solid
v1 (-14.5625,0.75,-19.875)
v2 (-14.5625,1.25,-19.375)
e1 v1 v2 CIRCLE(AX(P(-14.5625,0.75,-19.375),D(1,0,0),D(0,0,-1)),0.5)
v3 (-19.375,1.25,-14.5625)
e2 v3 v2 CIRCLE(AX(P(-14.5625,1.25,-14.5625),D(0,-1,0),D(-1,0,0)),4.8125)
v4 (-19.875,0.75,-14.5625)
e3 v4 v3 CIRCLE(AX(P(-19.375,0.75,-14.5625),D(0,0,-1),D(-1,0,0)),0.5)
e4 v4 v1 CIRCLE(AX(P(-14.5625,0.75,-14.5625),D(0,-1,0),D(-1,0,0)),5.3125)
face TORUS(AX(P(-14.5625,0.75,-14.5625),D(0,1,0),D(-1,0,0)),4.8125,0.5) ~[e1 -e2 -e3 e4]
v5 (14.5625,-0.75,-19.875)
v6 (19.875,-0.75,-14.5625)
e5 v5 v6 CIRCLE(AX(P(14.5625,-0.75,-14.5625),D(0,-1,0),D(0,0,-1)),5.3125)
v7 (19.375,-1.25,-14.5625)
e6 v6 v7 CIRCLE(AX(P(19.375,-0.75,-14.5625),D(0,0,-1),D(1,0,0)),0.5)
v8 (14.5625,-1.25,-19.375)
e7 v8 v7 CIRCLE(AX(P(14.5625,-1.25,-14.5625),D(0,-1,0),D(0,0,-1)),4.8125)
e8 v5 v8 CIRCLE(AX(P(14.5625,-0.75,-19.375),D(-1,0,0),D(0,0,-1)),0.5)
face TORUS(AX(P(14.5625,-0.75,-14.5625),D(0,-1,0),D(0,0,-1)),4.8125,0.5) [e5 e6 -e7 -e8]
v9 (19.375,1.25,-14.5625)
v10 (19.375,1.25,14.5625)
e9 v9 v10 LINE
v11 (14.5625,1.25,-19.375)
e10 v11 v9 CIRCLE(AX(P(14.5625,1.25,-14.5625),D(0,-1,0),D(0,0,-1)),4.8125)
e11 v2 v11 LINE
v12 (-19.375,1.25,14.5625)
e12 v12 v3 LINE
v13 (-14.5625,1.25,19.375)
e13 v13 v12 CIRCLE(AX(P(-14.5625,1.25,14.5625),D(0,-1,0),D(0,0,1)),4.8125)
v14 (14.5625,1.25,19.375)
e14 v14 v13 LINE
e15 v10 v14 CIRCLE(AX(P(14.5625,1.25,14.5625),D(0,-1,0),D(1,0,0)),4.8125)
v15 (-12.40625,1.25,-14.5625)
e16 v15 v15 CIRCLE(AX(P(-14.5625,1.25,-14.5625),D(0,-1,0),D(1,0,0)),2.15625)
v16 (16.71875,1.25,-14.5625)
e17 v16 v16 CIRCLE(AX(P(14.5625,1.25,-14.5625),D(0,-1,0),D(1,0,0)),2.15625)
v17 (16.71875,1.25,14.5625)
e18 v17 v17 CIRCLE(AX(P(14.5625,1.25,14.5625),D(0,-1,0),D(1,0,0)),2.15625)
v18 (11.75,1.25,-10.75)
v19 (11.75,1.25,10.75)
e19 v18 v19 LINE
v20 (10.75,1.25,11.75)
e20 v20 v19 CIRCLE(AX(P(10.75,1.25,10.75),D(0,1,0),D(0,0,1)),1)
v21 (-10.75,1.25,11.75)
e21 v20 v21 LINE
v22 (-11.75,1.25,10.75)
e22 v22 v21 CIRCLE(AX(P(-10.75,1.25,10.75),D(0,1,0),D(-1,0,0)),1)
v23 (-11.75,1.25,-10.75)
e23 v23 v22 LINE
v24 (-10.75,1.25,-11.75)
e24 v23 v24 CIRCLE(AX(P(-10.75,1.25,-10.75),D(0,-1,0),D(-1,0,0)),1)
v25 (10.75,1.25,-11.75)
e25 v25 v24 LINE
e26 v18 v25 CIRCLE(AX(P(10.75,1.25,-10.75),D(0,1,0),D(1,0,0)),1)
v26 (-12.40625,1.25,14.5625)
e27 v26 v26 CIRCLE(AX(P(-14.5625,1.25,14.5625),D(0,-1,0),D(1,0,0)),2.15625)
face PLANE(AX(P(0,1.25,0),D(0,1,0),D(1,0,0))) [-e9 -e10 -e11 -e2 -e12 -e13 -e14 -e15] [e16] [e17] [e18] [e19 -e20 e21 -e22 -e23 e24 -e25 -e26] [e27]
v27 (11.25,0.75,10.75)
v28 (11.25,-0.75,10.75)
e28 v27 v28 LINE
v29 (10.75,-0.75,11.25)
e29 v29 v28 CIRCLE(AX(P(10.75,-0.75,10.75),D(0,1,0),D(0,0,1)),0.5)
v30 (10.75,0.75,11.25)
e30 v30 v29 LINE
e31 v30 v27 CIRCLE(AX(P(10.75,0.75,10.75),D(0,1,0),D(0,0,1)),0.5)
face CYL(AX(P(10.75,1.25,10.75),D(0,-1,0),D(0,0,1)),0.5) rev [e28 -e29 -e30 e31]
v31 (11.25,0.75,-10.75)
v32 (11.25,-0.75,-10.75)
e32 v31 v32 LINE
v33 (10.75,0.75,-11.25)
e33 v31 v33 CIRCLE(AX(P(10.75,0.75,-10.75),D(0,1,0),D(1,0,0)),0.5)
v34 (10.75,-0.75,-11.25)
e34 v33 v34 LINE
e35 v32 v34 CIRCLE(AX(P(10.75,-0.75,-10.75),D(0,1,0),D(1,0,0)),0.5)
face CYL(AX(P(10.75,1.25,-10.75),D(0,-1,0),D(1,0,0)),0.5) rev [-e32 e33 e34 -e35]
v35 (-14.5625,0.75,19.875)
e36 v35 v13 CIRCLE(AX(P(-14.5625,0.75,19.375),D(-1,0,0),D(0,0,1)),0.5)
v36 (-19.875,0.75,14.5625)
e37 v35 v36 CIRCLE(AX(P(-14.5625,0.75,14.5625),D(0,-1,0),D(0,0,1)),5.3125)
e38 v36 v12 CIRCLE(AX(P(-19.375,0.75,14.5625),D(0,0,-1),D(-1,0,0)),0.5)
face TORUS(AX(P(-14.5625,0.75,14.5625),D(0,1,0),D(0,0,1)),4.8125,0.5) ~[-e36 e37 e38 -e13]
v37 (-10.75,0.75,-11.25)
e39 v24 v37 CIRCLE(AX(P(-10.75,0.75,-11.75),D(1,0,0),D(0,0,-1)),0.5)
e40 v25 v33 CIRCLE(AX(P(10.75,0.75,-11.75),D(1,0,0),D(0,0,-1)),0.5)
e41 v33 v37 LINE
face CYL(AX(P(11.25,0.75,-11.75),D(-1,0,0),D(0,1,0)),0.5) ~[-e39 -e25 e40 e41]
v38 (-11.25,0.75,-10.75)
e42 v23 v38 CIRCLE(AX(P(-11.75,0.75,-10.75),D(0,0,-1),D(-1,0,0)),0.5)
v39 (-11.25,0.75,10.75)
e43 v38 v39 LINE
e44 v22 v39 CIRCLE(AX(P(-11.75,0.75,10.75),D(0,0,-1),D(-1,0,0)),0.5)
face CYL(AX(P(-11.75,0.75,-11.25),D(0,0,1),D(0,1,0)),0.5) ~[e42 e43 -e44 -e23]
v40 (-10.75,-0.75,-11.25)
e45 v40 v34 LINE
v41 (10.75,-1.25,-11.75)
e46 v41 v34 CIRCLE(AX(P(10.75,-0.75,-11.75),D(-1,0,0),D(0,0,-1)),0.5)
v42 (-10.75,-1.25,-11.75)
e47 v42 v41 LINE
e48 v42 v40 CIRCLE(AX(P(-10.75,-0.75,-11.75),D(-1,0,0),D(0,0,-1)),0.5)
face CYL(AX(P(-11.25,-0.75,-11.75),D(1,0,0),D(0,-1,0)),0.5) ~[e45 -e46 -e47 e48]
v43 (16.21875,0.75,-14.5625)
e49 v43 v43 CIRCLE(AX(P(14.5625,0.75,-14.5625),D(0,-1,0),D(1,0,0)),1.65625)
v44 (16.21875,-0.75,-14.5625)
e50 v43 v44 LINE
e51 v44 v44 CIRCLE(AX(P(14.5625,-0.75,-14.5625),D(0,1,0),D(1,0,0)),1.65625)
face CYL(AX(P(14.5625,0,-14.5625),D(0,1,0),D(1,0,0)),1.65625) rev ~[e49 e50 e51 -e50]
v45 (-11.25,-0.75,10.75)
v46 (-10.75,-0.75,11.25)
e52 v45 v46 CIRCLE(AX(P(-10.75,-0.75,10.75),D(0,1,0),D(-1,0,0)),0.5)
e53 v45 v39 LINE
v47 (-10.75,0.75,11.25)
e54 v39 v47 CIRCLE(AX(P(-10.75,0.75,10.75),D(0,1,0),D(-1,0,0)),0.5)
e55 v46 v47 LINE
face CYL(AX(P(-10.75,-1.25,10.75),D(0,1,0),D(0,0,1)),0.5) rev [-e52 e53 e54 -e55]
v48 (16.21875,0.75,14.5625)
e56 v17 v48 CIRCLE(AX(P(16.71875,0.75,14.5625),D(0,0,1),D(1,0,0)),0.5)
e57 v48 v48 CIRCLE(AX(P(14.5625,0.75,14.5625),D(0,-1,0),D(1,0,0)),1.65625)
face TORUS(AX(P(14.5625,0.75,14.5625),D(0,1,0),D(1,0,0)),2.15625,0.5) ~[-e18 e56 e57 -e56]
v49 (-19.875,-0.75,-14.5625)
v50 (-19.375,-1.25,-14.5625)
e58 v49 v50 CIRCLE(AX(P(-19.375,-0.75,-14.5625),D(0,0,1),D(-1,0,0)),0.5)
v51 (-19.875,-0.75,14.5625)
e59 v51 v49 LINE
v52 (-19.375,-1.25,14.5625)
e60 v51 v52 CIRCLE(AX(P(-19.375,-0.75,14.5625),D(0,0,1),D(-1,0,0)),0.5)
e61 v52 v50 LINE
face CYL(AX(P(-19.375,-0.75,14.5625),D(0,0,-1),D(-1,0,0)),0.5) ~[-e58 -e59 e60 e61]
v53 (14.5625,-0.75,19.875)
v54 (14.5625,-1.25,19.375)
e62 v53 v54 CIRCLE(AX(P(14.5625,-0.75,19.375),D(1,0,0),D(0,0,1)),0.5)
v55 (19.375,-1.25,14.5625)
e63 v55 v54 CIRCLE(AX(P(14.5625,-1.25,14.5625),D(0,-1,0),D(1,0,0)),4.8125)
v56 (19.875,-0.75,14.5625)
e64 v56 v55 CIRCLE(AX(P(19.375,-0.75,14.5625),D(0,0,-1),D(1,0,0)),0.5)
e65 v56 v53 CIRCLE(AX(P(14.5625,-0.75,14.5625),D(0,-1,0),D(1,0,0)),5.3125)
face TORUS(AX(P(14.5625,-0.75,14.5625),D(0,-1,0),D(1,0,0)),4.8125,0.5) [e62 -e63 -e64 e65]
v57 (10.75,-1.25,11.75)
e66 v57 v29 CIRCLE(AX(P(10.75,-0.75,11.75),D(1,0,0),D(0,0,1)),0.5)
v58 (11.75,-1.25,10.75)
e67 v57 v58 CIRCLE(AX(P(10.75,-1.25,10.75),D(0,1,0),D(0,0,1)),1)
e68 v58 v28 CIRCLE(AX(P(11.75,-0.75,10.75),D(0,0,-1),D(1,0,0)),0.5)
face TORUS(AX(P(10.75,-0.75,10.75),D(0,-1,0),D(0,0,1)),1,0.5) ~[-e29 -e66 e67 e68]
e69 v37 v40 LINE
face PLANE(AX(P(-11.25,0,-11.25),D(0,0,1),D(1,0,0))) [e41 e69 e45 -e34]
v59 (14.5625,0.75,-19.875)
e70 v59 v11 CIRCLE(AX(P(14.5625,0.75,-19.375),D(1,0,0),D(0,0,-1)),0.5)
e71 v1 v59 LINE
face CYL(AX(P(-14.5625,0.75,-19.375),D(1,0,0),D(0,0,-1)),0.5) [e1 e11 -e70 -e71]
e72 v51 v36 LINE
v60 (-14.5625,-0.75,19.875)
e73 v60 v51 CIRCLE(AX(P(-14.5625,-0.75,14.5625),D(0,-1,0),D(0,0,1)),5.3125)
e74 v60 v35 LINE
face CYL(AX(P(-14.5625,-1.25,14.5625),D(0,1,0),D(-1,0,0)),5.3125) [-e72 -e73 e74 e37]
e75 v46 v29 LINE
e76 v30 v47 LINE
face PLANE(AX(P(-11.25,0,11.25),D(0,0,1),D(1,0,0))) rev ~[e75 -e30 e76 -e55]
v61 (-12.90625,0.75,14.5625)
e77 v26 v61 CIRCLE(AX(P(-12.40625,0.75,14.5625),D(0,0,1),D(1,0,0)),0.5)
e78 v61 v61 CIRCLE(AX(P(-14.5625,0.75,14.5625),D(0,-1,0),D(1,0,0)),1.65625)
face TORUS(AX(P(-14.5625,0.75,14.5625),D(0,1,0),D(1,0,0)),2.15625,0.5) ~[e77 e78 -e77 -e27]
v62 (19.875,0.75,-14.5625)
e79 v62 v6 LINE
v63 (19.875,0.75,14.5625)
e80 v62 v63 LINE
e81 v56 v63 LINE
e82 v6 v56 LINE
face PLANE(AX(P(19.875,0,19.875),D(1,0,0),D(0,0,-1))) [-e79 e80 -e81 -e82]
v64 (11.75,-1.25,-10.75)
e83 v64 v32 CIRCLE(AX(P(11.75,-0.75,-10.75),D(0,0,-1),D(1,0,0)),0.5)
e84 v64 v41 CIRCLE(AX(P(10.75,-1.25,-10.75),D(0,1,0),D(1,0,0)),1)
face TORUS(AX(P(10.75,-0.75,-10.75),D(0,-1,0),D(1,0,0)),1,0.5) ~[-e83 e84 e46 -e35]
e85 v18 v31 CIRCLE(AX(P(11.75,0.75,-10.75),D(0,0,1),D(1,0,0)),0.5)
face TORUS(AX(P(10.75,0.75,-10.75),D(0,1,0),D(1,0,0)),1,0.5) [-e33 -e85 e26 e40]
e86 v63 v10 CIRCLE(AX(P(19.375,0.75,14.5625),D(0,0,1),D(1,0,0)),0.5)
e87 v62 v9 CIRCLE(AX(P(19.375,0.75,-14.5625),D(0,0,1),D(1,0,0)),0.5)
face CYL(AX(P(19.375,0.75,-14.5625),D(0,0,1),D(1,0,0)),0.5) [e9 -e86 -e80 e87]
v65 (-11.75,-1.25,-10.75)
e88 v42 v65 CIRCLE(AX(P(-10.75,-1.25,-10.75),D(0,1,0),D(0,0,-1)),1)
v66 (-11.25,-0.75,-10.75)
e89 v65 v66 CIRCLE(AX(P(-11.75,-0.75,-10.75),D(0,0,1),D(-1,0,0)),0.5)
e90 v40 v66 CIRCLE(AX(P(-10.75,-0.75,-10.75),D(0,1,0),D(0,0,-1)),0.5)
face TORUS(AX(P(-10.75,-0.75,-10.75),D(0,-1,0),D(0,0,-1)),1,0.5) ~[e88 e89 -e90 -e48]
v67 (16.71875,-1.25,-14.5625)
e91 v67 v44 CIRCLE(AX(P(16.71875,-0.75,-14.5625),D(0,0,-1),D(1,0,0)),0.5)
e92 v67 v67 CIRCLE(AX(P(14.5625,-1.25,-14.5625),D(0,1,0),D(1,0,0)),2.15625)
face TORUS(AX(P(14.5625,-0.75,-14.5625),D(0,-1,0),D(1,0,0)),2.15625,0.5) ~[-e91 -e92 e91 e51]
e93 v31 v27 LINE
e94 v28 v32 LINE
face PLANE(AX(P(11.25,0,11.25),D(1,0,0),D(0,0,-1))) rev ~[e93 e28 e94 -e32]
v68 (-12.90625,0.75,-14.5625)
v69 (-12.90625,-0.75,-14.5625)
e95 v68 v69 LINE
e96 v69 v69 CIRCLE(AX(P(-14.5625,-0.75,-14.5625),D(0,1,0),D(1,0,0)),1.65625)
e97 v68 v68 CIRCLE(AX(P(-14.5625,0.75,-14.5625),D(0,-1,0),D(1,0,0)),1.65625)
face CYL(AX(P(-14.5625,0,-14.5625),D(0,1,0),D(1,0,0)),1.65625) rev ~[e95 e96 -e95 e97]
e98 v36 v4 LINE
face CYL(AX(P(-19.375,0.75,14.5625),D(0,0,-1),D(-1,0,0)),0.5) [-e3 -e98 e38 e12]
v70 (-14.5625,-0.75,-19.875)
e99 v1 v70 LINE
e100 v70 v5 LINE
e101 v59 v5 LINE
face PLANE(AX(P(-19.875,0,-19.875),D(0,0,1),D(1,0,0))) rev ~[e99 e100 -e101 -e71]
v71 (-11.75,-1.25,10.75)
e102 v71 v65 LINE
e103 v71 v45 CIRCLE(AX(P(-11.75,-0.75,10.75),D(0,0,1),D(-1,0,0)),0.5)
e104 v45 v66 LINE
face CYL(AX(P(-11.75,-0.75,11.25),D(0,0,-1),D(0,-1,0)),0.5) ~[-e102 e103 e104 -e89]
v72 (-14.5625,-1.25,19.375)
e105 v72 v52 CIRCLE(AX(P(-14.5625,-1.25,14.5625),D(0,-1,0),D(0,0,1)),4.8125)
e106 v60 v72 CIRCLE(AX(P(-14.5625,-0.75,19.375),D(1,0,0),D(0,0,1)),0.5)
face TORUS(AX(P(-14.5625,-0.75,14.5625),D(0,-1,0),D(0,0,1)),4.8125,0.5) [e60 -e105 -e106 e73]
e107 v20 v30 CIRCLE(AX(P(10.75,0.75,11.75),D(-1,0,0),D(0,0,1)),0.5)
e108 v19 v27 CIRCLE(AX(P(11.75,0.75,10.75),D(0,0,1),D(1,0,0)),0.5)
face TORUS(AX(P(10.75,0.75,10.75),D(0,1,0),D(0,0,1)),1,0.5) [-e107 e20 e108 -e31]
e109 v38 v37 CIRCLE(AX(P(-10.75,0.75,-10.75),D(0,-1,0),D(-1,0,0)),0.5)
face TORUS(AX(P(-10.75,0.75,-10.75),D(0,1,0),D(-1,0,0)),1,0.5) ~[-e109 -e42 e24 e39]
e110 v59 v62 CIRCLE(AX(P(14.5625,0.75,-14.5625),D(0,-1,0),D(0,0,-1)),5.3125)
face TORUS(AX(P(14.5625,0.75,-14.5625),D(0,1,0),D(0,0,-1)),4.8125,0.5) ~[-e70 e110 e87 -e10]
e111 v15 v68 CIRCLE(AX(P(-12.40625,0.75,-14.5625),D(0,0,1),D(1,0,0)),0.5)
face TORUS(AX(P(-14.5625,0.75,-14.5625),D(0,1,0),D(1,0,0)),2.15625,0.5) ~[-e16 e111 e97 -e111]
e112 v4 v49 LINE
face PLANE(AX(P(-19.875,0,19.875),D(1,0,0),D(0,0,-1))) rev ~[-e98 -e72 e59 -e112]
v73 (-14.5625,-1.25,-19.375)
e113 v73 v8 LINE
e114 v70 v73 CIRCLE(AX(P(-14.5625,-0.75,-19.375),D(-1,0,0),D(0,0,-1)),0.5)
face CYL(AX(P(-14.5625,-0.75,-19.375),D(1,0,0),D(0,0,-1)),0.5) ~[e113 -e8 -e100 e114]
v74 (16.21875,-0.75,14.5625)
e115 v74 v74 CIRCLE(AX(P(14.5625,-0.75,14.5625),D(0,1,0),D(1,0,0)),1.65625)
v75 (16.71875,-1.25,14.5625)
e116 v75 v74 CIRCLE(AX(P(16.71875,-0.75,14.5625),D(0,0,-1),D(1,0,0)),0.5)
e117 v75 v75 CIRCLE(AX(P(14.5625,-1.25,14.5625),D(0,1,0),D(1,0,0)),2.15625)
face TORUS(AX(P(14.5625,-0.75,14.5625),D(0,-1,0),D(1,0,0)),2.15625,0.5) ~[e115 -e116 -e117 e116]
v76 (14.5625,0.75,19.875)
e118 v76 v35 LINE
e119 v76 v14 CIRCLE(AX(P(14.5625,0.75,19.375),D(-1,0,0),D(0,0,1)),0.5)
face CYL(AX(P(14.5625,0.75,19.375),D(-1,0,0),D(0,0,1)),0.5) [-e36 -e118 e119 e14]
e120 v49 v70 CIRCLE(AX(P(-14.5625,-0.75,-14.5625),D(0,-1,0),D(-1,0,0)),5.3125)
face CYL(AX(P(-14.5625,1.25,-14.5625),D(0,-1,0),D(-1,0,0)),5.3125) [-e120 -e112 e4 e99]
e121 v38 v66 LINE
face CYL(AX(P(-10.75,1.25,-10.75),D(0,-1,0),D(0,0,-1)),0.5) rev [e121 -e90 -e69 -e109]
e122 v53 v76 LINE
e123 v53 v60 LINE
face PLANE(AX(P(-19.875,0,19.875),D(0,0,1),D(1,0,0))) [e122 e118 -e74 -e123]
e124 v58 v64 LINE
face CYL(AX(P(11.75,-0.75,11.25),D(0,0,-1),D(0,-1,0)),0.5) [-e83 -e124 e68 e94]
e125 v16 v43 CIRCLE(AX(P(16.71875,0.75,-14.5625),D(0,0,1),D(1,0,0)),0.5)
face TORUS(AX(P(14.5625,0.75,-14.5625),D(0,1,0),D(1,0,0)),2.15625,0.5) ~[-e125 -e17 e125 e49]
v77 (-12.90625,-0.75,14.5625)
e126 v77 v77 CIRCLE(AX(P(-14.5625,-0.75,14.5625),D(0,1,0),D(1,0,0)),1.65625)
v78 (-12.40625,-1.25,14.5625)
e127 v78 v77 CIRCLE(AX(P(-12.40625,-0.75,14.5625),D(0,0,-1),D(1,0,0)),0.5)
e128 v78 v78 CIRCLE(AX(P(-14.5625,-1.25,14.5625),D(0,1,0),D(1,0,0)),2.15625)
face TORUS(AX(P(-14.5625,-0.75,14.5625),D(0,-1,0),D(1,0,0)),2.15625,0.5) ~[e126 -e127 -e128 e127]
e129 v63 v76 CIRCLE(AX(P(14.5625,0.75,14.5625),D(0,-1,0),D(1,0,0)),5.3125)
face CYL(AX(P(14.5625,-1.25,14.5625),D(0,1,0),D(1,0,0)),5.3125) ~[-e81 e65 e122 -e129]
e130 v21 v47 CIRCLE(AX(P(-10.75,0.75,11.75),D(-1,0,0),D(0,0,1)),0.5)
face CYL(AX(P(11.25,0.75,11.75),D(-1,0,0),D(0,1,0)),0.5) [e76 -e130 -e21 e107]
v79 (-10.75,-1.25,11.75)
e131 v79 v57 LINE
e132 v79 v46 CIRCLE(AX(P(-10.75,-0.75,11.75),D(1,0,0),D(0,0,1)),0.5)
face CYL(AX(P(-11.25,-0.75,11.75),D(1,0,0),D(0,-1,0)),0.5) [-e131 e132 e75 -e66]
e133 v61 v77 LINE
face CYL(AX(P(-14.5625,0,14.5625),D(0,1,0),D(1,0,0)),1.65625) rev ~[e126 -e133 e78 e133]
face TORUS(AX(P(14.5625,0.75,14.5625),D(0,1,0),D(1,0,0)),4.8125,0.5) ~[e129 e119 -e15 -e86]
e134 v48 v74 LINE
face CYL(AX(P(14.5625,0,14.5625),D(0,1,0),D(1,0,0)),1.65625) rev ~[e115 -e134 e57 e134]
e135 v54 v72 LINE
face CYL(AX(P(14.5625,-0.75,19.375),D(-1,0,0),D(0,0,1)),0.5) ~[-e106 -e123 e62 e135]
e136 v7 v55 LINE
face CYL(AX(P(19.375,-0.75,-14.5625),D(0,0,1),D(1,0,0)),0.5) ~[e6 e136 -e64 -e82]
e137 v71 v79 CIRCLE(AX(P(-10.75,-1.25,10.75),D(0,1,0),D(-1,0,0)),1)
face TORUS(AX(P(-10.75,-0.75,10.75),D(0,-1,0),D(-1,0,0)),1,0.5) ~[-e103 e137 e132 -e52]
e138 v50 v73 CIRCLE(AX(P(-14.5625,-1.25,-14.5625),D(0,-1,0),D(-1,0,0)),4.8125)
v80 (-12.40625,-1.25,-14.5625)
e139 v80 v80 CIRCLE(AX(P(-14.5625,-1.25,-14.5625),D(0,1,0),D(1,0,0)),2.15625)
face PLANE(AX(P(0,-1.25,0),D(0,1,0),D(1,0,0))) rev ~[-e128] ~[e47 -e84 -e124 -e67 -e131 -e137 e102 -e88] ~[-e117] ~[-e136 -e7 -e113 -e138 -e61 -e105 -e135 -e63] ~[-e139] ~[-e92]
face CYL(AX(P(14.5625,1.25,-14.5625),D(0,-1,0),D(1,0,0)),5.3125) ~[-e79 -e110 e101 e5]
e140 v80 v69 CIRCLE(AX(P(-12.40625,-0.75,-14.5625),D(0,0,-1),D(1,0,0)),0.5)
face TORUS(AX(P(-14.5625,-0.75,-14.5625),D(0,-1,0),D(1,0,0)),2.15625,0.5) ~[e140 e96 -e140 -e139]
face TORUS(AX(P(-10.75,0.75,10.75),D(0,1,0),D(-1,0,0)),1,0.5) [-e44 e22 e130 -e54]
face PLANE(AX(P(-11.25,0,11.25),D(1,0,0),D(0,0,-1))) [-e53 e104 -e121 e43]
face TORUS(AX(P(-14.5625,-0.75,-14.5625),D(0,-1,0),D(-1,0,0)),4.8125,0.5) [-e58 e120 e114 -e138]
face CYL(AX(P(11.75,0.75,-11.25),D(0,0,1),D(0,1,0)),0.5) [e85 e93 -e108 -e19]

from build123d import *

# Parameters (mm, degrees)
MAIN_SKETCH_W        = 39.75
MAIN_SKETCH_H        = 39.75
MAIN_EXTRUDE_DEPTH   = 1.25
HOLE_CUTS_SKETCH_R   = 1.65625
HOLE_CUTS_SKETCH_W   = 22.5
HOLE_CUTS_SKETCH_H   = 22.5
HOLE_CUTS_DEPTH      = 2.25
HOLE_CUTS_DEPTH_BACK = 2.25
CORNER_FILLET_R      = 5.3125
SMALL_FILLET_R       = 0.5


with BuildPart() as part:
    # Main Sketch → Main Extrude (new body, symmetric)
    with BuildSketch(Plane(origin=(0, 0, 0), x_dir=(1, 0, 0), z_dir=(0, 1, 0))):
        Rectangle(MAIN_SKETCH_W, MAIN_SKETCH_H)
    extrude(amount=MAIN_EXTRUDE_DEPTH, both=True)

    # Hole Cuts Sketch → Hole Cuts (cut, two sides)
    with BuildSketch(Plane(origin=(0, 0, 0), x_dir=(1, 0, 0), z_dir=(0, 1, 0))) as hole_cuts_sk:
        with Locations((14.5625, 14.5625)):
            Circle(HOLE_CUTS_SKETCH_R)
        with Locations((14.5625, -14.5625)):
            Circle(HOLE_CUTS_SKETCH_R)
        with Locations((-14.5625, -14.5625)):
            Circle(HOLE_CUTS_SKETCH_R)
        with Locations((-14.5625, 14.5625)):
            Circle(HOLE_CUTS_SKETCH_R)
        Rectangle(HOLE_CUTS_SKETCH_W, HOLE_CUTS_SKETCH_H)
    extrude(amount=HOLE_CUTS_DEPTH, mode=Mode.SUBTRACT)
    extrude(hole_cuts_sk.sketch, amount=-HOLE_CUTS_DEPTH_BACK, mode=Mode.SUBTRACT)

    # Corner Fillet
    corner_fillet_edges = [part.edges().sort_by_distance(p)[0] for p in [
        (-19.875, 0, -19.875),
        (19.875, 0, -19.875),
        (19.875, 0, 19.875),
        (-19.875, 0, 19.875),
    ]]
    fillet(corner_fillet_edges, radius=CORNER_FILLET_R)

    # Small Fillet
    small_fillet_edges = [part.edges().sort_by_distance(p)[0] for p in [
        (-16.21875, -1.25, 14.5625),
        (-16.21875, 1.25, 14.5625),
        (12.90625, -1.25, 14.5625),
        (12.90625, 1.25, 14.5625),
        (12.90625, -1.25, -14.5625),
        (12.90625, 1.25, -14.5625),
        (-16.21875, -1.25, -14.5625),
        (-16.21875, 1.25, -14.5625),
        (-11.25, 0, 11.25),
        (-11.25, -1.25, 0),
        (-11.25, 0, -11.25),
        (0, -1.25, -11.25),
        (11.25, 0, -11.25),
        (11.25, -1.25, 0),
        (11.25, 0, 11.25),
        (0, -1.25, 11.25),
        (-11.25, 1.25, 0),
        (0, 1.25, 11.25),
        (11.25, 1.25, 0),
        (0, 1.25, -11.25),
        (-19.875, -1.25, 0),
        (-19.875, 1.25, 0),
        (0, -1.25, -19.875),
        (19.875, -1.25, 0),
        (0, -1.25, 19.875),
        (18.319004775, -1.25, 18.319004775),
        (18.319004775, -1.25, -18.319004775),
        (-18.319004775, -1.25, 18.319004775),
        (-18.319004775, -1.25, -18.319004775),
        (0, 1.25, -19.875),
        (0, 1.25, 19.875),
        (19.875, 1.25, 0),
        (18.319004775, 1.25, 18.319004775),
        (18.319004775, 1.25, -18.319004775),
        (-18.319004775, 1.25, 18.319004775),
        (-18.319004775, 1.25, -18.319004775),
    ]]
    fillet(small_fillet_edges, radius=SMALL_FILLET_R)


solid = part.part
